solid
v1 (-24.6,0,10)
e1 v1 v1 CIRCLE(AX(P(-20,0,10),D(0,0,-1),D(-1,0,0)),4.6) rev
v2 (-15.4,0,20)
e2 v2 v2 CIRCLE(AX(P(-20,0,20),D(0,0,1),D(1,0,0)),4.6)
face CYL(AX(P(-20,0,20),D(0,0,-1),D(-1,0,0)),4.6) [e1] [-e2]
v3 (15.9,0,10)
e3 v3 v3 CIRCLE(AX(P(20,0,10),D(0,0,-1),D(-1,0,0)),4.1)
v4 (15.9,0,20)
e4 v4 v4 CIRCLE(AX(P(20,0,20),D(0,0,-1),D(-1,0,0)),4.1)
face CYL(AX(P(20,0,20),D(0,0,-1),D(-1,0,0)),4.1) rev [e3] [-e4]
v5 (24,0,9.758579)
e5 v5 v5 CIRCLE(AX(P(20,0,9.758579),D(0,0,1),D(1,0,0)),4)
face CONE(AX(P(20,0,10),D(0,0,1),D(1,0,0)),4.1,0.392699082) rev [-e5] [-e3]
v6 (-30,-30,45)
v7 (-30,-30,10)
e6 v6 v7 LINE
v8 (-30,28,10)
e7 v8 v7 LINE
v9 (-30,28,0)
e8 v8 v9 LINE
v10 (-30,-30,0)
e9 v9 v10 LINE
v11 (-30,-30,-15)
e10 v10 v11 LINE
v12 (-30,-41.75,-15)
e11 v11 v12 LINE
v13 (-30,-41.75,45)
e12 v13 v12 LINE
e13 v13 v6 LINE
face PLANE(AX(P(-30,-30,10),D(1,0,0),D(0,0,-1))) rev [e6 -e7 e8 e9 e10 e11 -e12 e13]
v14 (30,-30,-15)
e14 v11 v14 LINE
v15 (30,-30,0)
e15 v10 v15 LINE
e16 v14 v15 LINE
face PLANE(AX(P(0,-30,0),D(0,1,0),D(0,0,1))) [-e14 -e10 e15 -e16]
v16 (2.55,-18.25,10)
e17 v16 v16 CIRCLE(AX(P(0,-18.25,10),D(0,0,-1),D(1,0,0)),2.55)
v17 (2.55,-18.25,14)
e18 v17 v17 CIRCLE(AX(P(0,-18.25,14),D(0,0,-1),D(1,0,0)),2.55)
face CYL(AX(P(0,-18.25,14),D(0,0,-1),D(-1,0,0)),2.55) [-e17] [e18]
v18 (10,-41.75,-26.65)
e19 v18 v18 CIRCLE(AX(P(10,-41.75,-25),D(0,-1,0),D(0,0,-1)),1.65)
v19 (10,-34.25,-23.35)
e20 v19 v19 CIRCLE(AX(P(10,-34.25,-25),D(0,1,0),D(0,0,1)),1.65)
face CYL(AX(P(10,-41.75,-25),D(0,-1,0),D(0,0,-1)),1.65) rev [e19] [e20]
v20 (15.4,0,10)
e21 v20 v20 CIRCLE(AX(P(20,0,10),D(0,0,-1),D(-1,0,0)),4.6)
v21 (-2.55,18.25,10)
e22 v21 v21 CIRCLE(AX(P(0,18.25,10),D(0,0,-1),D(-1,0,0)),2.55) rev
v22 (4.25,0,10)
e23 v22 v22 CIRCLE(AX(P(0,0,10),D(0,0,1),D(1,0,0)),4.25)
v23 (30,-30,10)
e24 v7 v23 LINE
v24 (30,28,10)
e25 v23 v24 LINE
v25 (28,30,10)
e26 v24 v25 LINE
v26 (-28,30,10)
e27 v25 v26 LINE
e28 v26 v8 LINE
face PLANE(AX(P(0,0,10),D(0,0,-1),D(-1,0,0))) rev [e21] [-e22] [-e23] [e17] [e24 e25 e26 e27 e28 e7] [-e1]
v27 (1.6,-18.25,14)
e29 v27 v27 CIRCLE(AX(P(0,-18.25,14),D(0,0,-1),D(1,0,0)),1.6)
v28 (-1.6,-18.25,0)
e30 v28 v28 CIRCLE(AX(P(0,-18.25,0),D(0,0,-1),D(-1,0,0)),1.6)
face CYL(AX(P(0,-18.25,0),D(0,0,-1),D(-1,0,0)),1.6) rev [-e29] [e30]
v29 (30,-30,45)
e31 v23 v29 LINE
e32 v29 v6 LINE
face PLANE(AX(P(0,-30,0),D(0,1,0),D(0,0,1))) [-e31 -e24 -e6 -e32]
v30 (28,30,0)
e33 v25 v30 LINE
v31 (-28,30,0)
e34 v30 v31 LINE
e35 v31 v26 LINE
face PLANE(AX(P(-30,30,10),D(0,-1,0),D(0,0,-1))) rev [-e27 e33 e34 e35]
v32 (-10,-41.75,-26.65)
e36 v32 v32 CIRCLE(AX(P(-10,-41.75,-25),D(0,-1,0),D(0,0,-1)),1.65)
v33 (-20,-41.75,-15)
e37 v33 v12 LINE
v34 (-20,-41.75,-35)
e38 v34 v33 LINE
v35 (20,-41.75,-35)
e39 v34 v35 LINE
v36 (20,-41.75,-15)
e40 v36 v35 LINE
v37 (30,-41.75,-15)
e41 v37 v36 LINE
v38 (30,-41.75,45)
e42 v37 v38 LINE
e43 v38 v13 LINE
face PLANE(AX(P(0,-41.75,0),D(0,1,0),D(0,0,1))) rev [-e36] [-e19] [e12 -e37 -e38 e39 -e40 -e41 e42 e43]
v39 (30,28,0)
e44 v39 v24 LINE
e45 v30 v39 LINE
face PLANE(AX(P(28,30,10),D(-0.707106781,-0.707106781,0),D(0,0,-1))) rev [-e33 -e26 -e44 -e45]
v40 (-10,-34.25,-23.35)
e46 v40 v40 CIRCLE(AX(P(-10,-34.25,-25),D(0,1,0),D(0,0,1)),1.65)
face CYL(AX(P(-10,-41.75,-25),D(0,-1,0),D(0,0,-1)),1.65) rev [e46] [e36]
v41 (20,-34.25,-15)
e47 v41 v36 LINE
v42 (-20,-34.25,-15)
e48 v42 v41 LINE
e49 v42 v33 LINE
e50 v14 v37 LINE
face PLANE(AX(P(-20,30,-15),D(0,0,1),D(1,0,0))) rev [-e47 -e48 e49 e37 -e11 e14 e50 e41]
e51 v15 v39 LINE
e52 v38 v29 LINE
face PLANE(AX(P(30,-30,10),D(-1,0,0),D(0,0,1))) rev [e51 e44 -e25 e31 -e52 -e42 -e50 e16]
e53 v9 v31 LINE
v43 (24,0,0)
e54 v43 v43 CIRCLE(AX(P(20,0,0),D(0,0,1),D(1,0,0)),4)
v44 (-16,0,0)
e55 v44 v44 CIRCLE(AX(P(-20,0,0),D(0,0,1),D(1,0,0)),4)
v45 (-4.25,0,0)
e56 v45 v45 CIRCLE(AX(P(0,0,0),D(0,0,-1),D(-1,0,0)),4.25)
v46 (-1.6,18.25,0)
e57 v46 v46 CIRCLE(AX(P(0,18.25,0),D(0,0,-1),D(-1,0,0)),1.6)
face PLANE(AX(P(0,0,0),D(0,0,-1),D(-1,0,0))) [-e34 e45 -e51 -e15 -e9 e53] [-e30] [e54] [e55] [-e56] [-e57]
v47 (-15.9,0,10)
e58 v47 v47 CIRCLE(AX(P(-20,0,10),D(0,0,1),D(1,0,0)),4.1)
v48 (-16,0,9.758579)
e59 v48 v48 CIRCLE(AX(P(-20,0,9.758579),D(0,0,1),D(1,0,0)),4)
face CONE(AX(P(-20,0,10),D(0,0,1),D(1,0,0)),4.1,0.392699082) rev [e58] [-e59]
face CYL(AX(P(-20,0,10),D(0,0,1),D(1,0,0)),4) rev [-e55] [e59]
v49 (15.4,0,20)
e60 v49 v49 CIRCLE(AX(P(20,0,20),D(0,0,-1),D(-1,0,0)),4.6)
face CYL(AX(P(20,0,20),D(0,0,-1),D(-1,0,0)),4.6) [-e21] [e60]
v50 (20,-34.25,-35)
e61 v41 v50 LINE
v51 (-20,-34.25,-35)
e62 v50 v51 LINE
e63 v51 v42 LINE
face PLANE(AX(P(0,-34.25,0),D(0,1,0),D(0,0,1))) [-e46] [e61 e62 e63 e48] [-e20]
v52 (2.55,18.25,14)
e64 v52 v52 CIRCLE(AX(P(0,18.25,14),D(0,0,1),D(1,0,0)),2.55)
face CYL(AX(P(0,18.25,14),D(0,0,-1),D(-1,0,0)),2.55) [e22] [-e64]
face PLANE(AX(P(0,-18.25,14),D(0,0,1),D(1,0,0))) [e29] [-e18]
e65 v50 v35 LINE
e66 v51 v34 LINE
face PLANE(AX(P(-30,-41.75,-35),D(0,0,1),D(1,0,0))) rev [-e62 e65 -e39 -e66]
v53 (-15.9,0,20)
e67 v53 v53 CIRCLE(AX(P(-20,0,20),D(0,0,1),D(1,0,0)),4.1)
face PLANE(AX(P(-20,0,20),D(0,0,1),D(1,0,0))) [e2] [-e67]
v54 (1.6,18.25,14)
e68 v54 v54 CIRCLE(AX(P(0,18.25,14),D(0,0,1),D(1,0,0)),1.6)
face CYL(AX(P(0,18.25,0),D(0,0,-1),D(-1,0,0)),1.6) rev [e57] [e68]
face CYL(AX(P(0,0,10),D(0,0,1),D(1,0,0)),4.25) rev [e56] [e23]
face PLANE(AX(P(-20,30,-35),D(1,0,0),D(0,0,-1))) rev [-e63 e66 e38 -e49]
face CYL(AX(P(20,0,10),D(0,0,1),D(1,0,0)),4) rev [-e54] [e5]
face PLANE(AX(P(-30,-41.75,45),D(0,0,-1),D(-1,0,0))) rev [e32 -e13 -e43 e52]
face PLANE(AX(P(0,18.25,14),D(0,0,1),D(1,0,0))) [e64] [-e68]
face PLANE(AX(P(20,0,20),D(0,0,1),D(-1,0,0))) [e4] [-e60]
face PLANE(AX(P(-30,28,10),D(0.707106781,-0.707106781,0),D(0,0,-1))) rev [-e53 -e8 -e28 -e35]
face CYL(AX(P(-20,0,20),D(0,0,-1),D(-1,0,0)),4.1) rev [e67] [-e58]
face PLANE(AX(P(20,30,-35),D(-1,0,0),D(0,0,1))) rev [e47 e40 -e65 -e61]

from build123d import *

# Parameters (mm, degrees)
SKETCH_1_W                = 60
SKETCH_1_H                = 60
EXTRUDE_1_DEPTH           = 10
HOLE_WIZARD_1_D           = 8.5
HOLE_WIZARD_1_DEPTH       = 20
HOLE_WIZARD_2_D           = 8
HOLE_WIZARD_2_CSINK_D     = 8.2
HOLE_WIZARD_2_CSINK_ANGLE = 45
HOLE_WIZARD_3_D           = 3.2
SKETCH_8_R                = 4.6
SKETCH_8_R_2              = 4.1
EXTRUDE_2_DEPTH           = 10
EXTRUDE_START             = 4
SKETCH_10_R               = 2.55
SKETCH_10_R_2             = 1.6
EXTRUDE_4_DEPTH           = 4
SKETCH_11_W               = 60
SKETCH_11_H               = 80
EXTRUDE_5_DEPTH           = 11.75
SKETCH_12_W               = 10
SKETCH_12_H               = 20
CUT_EXTRUDE_3_DEPTH       = 90.850222593
SKETCH_13_W               = 40
SKETCH_13_H               = 20
CUT_EXTRUDE_4_DEPTH       = 4.25
HOLE_WIZARD_4_D           = 3.3
CHAMFER_1_SIZE            = 2


with BuildPart() as part:
    # 草图1 → 凸台-拉伸1 (new body)
    with BuildSketch(Plane.XY):
        Rectangle(SKETCH_1_W, SKETCH_1_H)
    extrude(amount=EXTRUDE_1_DEPTH)

    # 孔1
    with Locations(Plane.XY.offset(10)):
        with Locations((0, 0)):
            Hole(HOLE_WIZARD_1_D / 2, depth=HOLE_WIZARD_1_DEPTH)

    # 孔2 (through all)
    with Locations(Plane.XY.offset(10)):
        with Locations((20, 0), (-20, 0)):
            CounterSinkHole(HOLE_WIZARD_2_D / 2, HOLE_WIZARD_2_CSINK_D / 2, counter_sink_angle=HOLE_WIZARD_2_CSINK_ANGLE)

    # 孔3 (through all)
    with Locations(Plane(origin=(0, 0, 0), x_dir=(-1, 0, 0), z_dir=(0, 0, -1))):
        with Locations((0, 18.25), (0, -18.25)):
            Hole(HOLE_WIZARD_3_D / 2)

    # 草图8 → 凸台-拉伸2 (add)
    with BuildSketch(Plane.XY.offset(10)):
        with Locations(Location((-20, 0, 0), (0, 0, 180))):
            Circle(SKETCH_8_R)
        with Locations((-20, 0)):
            Circle(SKETCH_8_R_2, mode=Mode.SUBTRACT)
    extrude_2 = extrude(amount=EXTRUDE_2_DEPTH)

    # 镜向1: 凸台-拉伸2 across plane
    add(extrude_2.mirror(Plane(origin=(0, 0, 0), x_dir=(0, 0, 1), z_dir=(1, 0, 0))))

    # 草图10 → 凸台-拉伸4 (add)
    with BuildSketch(Plane.XY.offset(10).offset(EXTRUDE_START)):
        with Locations(Location((0, 18.25, 0), (0, 0, 180))):
            Circle(SKETCH_10_R)
        with Locations(Location((0, 18.25, 0), (0, 0, 180))):
            Circle(SKETCH_10_R_2, mode=Mode.SUBTRACT)
    extrude_4 = extrude(amount=-EXTRUDE_4_DEPTH)

    # 镜向4: 凸台-拉伸4 across plane
    add(extrude_4.mirror(Plane.ZX))

    # 草图11 → 凸台-拉伸5 (add)
    with BuildSketch(Plane.XZ.offset(30)):
        with Locations((0, 5)):
            Rectangle(SKETCH_11_W, SKETCH_11_H)
    extrude(amount=EXTRUDE_5_DEPTH)

    # 草图12 → 切除-拉伸3 (cut, through all)
    with BuildSketch(Plane.XZ.offset(41.75)):
        with Locations((-25, -25)):
            Rectangle(SKETCH_12_W, SKETCH_12_H)
        with Locations((25, -25)):
            Rectangle(SKETCH_12_W, SKETCH_12_H)
    extrude(amount=-CUT_EXTRUDE_3_DEPTH, mode=Mode.SUBTRACT)

    # 草图13 → 切除-拉伸4 (cut)
    with BuildSketch(Plane(origin=(0, -30, 0), x_dir=(1, 0, 0), z_dir=(0, 1, 0))):
        with Locations((0, 25)):
            Rectangle(SKETCH_13_W, SKETCH_13_H)
    extrude(amount=-CUT_EXTRUDE_4_DEPTH, mode=Mode.SUBTRACT)

    # 孔4 (through all)
    with Locations(Plane(origin=(0, -41.75, 0), x_dir=(-1, 0, 0), z_dir=(0, -1, 0))):
        with Locations((-10, 25), (10, 25)):
            Hole(HOLE_WIZARD_4_D / 2)

    # 倒角1
    chamfer_1_edges = [part.edges().sort_by_distance(p)[0] for p in [
        (-30, 30, 5),
        (30, 30, 5),
    ]]
    chamfer(chamfer_1_edges, length=CHAMFER_1_SIZE)


solid = part.part
